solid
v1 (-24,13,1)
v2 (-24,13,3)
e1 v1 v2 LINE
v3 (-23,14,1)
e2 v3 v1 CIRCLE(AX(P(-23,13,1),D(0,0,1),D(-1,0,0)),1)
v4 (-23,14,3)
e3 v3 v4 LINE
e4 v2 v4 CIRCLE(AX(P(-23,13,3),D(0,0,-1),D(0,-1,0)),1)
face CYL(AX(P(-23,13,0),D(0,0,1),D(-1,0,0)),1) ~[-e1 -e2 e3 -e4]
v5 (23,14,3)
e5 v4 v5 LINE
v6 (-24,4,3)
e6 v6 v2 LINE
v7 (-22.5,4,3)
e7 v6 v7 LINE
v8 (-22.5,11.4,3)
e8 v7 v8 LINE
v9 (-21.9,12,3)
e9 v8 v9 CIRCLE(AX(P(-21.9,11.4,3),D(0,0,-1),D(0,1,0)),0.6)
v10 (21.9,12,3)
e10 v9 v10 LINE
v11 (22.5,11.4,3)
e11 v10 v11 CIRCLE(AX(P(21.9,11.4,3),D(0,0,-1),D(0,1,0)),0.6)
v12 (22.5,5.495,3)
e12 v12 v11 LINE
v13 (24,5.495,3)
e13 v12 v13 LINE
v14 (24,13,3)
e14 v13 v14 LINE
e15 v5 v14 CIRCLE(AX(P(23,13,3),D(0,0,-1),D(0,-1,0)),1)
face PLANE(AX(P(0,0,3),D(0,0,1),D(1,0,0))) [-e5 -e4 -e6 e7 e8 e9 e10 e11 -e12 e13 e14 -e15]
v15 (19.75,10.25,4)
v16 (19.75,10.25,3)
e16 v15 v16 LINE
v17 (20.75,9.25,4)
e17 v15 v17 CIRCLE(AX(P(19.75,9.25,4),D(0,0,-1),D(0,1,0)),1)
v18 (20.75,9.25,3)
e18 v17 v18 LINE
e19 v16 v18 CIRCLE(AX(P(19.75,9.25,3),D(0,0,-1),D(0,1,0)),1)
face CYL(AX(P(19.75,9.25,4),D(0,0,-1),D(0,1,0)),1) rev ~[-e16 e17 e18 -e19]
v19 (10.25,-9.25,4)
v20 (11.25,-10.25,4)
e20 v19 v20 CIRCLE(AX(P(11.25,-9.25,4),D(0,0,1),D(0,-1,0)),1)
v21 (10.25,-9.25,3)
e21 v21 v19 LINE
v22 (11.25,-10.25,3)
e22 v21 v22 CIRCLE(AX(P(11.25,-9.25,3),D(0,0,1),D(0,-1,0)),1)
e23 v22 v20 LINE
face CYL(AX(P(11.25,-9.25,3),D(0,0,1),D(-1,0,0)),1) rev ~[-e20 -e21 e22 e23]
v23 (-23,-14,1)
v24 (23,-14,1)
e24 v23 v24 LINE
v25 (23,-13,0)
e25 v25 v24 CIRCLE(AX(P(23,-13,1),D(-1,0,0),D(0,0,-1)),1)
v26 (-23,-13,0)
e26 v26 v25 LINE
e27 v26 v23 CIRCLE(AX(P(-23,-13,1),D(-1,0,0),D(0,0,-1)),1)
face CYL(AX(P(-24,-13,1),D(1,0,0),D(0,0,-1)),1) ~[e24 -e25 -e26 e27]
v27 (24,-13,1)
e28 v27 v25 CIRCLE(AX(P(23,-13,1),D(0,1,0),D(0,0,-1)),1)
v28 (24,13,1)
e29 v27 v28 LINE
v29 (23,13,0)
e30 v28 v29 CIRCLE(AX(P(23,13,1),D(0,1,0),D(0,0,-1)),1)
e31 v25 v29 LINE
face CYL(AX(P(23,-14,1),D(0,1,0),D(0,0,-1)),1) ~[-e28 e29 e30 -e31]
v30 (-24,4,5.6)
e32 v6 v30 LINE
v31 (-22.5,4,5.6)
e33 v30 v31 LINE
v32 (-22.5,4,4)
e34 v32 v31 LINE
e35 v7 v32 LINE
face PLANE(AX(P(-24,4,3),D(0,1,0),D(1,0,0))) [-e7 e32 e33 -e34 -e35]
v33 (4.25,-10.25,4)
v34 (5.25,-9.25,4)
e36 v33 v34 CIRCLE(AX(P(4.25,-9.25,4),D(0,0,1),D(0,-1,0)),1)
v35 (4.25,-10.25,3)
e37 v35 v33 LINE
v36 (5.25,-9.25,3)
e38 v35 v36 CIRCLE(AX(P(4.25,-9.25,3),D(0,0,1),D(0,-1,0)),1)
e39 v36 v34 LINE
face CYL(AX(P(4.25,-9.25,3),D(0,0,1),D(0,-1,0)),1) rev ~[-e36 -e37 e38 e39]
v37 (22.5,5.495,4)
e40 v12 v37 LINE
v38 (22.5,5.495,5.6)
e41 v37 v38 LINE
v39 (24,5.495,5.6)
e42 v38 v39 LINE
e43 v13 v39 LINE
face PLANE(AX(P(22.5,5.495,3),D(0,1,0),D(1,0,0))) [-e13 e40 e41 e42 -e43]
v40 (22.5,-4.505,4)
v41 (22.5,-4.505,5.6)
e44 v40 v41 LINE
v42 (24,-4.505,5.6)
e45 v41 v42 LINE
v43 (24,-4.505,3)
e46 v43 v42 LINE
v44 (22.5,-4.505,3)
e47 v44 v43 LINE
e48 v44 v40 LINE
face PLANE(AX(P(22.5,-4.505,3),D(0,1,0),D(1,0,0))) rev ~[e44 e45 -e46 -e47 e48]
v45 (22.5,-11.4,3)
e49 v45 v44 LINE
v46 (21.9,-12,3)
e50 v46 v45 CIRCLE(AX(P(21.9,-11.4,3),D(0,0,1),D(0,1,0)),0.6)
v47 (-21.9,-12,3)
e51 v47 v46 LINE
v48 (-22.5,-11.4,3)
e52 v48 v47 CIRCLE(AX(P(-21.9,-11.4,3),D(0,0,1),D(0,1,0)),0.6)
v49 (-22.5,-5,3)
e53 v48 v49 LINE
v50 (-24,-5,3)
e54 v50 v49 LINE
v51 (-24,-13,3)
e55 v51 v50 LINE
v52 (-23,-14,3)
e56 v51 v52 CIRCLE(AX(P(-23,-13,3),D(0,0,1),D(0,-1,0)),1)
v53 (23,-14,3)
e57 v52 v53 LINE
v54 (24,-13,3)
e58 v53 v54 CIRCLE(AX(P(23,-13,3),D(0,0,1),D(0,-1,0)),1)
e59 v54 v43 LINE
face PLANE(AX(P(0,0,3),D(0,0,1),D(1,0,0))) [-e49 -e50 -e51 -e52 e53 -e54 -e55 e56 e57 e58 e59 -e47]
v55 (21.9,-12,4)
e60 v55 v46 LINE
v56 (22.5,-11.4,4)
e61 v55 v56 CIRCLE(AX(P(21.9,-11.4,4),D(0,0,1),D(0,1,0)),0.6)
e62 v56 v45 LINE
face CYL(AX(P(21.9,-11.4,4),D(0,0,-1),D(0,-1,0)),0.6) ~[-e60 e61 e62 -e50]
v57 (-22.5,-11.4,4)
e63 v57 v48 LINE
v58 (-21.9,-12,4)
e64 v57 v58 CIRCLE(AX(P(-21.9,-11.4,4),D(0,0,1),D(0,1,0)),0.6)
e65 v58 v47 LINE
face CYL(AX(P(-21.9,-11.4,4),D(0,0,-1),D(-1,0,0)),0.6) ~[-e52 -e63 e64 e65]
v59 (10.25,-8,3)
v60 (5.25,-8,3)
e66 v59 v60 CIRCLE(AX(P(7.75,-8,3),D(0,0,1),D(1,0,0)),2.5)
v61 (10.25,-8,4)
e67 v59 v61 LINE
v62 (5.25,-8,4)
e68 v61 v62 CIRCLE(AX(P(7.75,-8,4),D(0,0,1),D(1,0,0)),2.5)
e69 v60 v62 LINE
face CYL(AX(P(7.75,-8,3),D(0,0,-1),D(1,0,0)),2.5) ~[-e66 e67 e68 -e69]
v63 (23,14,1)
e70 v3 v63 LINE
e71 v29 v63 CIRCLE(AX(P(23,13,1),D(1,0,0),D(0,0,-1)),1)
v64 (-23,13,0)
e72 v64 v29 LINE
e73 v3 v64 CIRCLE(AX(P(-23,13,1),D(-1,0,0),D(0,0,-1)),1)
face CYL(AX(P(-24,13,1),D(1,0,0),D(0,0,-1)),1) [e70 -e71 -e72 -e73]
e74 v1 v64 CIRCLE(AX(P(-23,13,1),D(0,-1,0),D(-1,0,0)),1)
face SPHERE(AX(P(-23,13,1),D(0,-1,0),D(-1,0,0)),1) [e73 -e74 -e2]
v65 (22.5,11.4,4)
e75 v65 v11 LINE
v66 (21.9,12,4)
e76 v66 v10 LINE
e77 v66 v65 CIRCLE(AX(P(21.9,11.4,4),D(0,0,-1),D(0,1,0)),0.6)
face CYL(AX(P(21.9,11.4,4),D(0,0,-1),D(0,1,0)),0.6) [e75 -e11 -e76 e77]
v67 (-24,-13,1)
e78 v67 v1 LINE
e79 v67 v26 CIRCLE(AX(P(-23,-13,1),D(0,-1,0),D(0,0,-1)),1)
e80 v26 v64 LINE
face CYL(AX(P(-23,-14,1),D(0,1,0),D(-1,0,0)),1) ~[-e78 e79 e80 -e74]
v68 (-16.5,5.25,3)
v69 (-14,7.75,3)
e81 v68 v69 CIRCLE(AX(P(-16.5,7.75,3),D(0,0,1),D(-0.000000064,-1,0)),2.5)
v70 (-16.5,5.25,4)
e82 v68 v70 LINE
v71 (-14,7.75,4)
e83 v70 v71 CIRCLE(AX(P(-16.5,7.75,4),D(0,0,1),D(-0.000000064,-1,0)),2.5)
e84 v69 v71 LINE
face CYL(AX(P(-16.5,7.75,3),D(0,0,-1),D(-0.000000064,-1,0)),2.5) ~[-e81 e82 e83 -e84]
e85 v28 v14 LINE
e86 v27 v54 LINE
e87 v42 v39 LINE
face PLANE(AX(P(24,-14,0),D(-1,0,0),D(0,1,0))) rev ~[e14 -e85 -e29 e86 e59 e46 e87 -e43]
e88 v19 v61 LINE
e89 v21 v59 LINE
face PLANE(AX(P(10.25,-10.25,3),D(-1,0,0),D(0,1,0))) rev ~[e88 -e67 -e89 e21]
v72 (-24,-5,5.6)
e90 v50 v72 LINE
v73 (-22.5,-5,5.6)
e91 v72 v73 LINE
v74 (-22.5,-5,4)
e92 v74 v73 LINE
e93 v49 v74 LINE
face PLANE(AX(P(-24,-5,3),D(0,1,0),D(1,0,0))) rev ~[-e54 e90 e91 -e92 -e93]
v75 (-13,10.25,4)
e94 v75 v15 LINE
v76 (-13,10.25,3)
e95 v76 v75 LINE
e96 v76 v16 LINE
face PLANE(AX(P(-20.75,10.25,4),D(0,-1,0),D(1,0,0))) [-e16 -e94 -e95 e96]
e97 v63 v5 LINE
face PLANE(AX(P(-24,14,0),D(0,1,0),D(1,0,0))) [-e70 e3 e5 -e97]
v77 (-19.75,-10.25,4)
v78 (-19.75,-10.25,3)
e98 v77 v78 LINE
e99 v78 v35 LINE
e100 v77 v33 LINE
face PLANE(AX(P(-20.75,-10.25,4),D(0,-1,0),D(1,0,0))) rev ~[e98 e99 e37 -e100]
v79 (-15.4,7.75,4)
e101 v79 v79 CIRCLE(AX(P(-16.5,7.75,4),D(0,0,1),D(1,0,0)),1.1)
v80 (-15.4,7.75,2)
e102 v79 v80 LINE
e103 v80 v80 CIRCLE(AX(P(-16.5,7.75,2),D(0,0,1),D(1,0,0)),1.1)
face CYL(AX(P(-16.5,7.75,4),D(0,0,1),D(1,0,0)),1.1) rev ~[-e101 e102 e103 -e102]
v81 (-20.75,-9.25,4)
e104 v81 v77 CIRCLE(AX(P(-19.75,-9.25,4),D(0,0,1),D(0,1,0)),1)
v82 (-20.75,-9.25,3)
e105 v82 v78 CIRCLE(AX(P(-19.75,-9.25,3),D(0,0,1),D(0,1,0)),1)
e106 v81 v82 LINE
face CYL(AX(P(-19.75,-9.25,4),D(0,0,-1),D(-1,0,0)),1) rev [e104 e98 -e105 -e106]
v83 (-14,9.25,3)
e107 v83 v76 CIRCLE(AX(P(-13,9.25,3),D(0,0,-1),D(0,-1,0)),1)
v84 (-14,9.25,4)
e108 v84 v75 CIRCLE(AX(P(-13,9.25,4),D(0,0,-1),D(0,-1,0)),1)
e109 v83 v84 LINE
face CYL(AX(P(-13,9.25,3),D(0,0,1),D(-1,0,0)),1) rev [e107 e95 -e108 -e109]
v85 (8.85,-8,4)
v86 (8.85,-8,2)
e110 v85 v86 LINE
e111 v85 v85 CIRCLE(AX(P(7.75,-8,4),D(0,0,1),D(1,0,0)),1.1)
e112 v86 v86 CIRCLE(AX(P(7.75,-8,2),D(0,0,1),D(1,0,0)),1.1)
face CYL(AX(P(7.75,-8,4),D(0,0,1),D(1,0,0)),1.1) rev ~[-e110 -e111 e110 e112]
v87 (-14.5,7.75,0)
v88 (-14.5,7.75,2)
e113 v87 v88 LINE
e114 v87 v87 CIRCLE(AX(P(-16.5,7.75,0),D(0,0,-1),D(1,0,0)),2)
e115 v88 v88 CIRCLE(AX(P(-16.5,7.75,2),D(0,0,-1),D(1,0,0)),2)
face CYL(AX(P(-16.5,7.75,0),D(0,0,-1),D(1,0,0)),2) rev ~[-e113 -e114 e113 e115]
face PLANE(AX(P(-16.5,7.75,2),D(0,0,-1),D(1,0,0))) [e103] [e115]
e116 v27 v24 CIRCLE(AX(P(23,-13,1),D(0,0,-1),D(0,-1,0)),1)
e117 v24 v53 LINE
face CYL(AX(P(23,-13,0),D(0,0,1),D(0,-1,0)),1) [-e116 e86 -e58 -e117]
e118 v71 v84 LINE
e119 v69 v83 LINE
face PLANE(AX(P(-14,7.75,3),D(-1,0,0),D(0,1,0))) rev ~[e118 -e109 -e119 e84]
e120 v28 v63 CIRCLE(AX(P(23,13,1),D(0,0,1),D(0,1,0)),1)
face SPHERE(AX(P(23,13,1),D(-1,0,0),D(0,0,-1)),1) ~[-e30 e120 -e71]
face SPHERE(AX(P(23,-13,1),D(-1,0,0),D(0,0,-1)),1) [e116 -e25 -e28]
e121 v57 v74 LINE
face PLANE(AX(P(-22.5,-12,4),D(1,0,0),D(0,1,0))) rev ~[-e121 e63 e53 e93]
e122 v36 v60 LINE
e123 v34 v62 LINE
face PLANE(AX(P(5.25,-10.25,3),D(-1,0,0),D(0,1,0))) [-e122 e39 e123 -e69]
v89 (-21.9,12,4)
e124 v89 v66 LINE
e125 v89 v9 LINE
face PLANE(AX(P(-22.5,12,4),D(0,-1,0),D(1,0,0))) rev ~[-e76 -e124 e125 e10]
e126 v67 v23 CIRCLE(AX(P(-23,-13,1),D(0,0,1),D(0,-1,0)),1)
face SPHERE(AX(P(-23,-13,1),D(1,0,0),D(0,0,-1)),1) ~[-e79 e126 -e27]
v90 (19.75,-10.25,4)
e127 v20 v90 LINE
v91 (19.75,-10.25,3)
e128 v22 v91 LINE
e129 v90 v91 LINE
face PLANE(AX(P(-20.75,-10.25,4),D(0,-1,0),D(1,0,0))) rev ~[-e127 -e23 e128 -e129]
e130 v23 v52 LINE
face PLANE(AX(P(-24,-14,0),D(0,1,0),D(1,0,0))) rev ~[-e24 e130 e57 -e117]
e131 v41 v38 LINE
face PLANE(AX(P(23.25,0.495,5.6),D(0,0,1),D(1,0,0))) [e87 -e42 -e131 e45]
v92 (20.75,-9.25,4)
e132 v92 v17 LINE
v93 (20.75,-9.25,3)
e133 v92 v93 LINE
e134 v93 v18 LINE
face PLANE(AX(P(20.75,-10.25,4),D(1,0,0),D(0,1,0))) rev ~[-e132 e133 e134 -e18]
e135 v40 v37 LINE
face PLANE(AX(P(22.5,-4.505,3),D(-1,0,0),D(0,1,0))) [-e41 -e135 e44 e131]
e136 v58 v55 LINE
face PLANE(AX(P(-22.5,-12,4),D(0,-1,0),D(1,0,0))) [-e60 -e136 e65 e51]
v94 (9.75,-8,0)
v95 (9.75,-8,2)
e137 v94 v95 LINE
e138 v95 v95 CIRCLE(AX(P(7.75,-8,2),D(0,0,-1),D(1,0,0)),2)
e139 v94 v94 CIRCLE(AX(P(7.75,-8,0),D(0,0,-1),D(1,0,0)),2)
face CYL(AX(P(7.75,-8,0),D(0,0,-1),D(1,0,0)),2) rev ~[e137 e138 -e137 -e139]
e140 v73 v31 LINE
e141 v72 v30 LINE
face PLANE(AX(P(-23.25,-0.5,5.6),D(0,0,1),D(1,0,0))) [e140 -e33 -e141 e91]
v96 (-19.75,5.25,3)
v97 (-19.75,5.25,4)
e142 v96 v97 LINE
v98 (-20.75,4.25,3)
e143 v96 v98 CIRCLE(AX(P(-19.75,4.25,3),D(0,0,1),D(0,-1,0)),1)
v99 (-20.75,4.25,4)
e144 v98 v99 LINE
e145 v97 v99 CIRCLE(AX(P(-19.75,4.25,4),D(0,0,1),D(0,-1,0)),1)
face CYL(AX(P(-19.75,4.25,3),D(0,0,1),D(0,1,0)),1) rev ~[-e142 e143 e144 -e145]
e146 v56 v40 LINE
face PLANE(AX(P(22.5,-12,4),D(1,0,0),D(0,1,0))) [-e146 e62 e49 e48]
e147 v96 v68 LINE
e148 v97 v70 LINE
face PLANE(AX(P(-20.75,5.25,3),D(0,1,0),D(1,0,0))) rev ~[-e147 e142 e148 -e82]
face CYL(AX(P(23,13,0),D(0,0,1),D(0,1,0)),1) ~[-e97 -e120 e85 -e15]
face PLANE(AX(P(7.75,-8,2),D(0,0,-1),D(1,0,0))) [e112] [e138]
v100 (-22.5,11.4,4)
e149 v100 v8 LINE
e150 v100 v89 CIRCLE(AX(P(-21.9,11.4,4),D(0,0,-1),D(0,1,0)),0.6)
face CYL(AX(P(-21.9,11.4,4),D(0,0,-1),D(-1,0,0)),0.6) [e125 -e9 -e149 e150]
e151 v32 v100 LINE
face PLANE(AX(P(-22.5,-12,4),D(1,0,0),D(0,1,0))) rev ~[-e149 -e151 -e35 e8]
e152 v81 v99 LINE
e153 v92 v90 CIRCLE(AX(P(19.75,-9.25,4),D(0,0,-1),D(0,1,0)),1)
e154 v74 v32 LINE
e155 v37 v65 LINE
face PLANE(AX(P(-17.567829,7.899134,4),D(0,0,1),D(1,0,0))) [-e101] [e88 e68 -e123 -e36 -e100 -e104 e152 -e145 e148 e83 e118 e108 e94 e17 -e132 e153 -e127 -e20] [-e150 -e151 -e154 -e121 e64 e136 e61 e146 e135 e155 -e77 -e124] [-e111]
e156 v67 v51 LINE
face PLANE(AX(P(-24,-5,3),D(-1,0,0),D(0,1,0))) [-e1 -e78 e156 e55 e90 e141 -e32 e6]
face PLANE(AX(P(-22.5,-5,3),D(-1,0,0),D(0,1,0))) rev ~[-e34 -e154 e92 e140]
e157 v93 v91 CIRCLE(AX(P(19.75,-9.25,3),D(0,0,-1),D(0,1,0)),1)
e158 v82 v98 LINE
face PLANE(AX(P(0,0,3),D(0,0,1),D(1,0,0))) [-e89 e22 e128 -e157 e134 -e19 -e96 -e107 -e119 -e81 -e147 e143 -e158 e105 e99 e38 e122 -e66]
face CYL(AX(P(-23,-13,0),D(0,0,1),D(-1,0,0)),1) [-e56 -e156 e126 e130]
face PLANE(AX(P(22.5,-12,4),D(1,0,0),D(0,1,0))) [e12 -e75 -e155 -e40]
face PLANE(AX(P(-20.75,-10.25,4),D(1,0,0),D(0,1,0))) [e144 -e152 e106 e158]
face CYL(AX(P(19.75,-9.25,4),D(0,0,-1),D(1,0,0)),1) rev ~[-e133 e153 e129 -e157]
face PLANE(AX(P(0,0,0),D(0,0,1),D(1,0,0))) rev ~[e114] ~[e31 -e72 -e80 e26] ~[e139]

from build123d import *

# Parameters (mm, degrees)
SKETCH006_W     = 48
SKETCH006_H     = 28
PAD002_DEPTH    = 4
SKETCH007_W     = 48
SKETCH007_H     = 28
SKETCH007_W_2   = 45
SKETCH007_H_2   = 24
SKETCH007_W_3   = 41.5
SKETCH007_H_3   = 20.5
POCKET004_DEPTH = 1
PAD003_DEPTH    = 1
SKETCH009_R     = 1.1
POCKET005_DEPTH = 4.001
SKETCH010_R     = 2
POCKET006_DEPTH = 2
SKETCH011_W     = 1.5
SKETCH011_H     = 9
SKETCH011_H_2   = 10
PAD004_DEPTH    = 2.6
FILLET002_R     = 1
FILLET003_R     = 1
FILLET004_R     = 0.6


with BuildPart() as part:
    # Sketch006 → Pad002 (new body)
    with BuildSketch(Plane.XY):
        Rectangle(SKETCH006_W, SKETCH006_H)
    extrude(amount=PAD002_DEPTH)

    # Sketch007 (on Face6 of Pad002) → Pocket004 (cut)
    with BuildSketch(Plane.XY.offset(4)):
        Rectangle(SKETCH007_W, SKETCH007_H)
        Rectangle(SKETCH007_W_2, SKETCH007_H_2, mode=Mode.SUBTRACT)
        Rectangle(SKETCH007_W_3, SKETCH007_H_3)
    extrude(amount=-POCKET004_DEPTH, mode=Mode.SUBTRACT)

    # Sketch008 (on Face16 of Pocket004) → Pad003 (join)
    with BuildSketch(Plane.XY.offset(3)):
        with BuildLine():
            Line((5.25, -10.25), (5.25, -8))
            ThreePointArc((10.25, -8), (7.75, -5.5), (5.25, -8))
            Line((10.25, -10.25), (10.25, -8))
            Line((5.25, -10.25), (10.25, -10.25))
        make_face()
        with BuildLine():
            Line((-20.75, 10.25), (-20.75, 5.25))
            Line((-20.75, 5.25), (-16.5, 5.25))
            ThreePointArc((-16.5, 5.25), (-14.732233, 5.982233), (-14, 7.75))
            Line((-14, 7.75), (-14, 10.25))
            Line((-14, 10.25), (-20.75, 10.25))
        make_face()
    extrude(amount=PAD003_DEPTH)

    # Sketch009 (on Face11 of Pad003) → Pocket005 (cut, through all)
    with BuildSketch(Plane.XY.offset(4)):
        with Locations((-16.5, 7.75)):
            Circle(SKETCH009_R)
        with Locations((7.75, -8)):
            Circle(SKETCH009_R)
    extrude(amount=-POCKET005_DEPTH, mode=Mode.SUBTRACT)

    # Sketch010 (on Face2 of Pocket005) → Pocket006 (cut)
    with BuildSketch(Plane(origin=(0, 0, 0), x_dir=(1, 0, 0), z_dir=(0, 0, -1))):
        with Locations((-16.5, -7.75)):
            Circle(SKETCH010_R)
        with Locations((7.75, 8)):
            Circle(SKETCH010_R)
    extrude(amount=-POCKET006_DEPTH, mode=Mode.SUBTRACT)

    # Sketch011 (on Face4 of Pocket006) → Pad004 (join)
    with BuildSketch(Plane.XY.offset(3)):
        with Locations((-23.25, -0.5)):
            Rectangle(SKETCH011_W, SKETCH011_H)
        with Locations((23.25, 0.495)):
            Rectangle(SKETCH011_W, SKETCH011_H_2)
    extrude(amount=PAD004_DEPTH)

    # Fillet002
    fillet002_edges = [part.edges().sort_by_distance(p)[0] for p in [
        (0, -14, 0),
        (-24, 0, 0),
        (-24, -14, 1.5),
        (-24, 14, 1.5),
        (0, 14, 0),
        (24, 0, 0),
        (24, -14, 1.5),
        (24, 14, 1.5),
    ]]
    fillet(fillet002_edges, radius=FILLET002_R)

    # Fillet003
    fillet003_edges = [part.edges().sort_by_distance(p)[0] for p in [
        (5.25, -10.25, 3.5),
        (10.25, -10.25, 3.5),
        (-14, 10.25, 3.5),
        (-20.75, 5.25, 3.5),
        (-20.75, -10.25, 3.5),
        (20.75, 10.25, 3.5),
        (20.75, -10.25, 3.5),
    ]]
    fillet(fillet003_edges, radius=FILLET003_R)

    # Fillet004
    fillet004_edges = [part.edges().sort_by_distance(p)[0] for p in [
        (22.5, 12, 3.5),
        (-22.5, -12, 3.5),
        (-22.5, 12, 3.5),
        (22.5, -12, 3.5),
    ]]
    fillet(fillet004_edges, radius=FILLET004_R)


solid = part.part
